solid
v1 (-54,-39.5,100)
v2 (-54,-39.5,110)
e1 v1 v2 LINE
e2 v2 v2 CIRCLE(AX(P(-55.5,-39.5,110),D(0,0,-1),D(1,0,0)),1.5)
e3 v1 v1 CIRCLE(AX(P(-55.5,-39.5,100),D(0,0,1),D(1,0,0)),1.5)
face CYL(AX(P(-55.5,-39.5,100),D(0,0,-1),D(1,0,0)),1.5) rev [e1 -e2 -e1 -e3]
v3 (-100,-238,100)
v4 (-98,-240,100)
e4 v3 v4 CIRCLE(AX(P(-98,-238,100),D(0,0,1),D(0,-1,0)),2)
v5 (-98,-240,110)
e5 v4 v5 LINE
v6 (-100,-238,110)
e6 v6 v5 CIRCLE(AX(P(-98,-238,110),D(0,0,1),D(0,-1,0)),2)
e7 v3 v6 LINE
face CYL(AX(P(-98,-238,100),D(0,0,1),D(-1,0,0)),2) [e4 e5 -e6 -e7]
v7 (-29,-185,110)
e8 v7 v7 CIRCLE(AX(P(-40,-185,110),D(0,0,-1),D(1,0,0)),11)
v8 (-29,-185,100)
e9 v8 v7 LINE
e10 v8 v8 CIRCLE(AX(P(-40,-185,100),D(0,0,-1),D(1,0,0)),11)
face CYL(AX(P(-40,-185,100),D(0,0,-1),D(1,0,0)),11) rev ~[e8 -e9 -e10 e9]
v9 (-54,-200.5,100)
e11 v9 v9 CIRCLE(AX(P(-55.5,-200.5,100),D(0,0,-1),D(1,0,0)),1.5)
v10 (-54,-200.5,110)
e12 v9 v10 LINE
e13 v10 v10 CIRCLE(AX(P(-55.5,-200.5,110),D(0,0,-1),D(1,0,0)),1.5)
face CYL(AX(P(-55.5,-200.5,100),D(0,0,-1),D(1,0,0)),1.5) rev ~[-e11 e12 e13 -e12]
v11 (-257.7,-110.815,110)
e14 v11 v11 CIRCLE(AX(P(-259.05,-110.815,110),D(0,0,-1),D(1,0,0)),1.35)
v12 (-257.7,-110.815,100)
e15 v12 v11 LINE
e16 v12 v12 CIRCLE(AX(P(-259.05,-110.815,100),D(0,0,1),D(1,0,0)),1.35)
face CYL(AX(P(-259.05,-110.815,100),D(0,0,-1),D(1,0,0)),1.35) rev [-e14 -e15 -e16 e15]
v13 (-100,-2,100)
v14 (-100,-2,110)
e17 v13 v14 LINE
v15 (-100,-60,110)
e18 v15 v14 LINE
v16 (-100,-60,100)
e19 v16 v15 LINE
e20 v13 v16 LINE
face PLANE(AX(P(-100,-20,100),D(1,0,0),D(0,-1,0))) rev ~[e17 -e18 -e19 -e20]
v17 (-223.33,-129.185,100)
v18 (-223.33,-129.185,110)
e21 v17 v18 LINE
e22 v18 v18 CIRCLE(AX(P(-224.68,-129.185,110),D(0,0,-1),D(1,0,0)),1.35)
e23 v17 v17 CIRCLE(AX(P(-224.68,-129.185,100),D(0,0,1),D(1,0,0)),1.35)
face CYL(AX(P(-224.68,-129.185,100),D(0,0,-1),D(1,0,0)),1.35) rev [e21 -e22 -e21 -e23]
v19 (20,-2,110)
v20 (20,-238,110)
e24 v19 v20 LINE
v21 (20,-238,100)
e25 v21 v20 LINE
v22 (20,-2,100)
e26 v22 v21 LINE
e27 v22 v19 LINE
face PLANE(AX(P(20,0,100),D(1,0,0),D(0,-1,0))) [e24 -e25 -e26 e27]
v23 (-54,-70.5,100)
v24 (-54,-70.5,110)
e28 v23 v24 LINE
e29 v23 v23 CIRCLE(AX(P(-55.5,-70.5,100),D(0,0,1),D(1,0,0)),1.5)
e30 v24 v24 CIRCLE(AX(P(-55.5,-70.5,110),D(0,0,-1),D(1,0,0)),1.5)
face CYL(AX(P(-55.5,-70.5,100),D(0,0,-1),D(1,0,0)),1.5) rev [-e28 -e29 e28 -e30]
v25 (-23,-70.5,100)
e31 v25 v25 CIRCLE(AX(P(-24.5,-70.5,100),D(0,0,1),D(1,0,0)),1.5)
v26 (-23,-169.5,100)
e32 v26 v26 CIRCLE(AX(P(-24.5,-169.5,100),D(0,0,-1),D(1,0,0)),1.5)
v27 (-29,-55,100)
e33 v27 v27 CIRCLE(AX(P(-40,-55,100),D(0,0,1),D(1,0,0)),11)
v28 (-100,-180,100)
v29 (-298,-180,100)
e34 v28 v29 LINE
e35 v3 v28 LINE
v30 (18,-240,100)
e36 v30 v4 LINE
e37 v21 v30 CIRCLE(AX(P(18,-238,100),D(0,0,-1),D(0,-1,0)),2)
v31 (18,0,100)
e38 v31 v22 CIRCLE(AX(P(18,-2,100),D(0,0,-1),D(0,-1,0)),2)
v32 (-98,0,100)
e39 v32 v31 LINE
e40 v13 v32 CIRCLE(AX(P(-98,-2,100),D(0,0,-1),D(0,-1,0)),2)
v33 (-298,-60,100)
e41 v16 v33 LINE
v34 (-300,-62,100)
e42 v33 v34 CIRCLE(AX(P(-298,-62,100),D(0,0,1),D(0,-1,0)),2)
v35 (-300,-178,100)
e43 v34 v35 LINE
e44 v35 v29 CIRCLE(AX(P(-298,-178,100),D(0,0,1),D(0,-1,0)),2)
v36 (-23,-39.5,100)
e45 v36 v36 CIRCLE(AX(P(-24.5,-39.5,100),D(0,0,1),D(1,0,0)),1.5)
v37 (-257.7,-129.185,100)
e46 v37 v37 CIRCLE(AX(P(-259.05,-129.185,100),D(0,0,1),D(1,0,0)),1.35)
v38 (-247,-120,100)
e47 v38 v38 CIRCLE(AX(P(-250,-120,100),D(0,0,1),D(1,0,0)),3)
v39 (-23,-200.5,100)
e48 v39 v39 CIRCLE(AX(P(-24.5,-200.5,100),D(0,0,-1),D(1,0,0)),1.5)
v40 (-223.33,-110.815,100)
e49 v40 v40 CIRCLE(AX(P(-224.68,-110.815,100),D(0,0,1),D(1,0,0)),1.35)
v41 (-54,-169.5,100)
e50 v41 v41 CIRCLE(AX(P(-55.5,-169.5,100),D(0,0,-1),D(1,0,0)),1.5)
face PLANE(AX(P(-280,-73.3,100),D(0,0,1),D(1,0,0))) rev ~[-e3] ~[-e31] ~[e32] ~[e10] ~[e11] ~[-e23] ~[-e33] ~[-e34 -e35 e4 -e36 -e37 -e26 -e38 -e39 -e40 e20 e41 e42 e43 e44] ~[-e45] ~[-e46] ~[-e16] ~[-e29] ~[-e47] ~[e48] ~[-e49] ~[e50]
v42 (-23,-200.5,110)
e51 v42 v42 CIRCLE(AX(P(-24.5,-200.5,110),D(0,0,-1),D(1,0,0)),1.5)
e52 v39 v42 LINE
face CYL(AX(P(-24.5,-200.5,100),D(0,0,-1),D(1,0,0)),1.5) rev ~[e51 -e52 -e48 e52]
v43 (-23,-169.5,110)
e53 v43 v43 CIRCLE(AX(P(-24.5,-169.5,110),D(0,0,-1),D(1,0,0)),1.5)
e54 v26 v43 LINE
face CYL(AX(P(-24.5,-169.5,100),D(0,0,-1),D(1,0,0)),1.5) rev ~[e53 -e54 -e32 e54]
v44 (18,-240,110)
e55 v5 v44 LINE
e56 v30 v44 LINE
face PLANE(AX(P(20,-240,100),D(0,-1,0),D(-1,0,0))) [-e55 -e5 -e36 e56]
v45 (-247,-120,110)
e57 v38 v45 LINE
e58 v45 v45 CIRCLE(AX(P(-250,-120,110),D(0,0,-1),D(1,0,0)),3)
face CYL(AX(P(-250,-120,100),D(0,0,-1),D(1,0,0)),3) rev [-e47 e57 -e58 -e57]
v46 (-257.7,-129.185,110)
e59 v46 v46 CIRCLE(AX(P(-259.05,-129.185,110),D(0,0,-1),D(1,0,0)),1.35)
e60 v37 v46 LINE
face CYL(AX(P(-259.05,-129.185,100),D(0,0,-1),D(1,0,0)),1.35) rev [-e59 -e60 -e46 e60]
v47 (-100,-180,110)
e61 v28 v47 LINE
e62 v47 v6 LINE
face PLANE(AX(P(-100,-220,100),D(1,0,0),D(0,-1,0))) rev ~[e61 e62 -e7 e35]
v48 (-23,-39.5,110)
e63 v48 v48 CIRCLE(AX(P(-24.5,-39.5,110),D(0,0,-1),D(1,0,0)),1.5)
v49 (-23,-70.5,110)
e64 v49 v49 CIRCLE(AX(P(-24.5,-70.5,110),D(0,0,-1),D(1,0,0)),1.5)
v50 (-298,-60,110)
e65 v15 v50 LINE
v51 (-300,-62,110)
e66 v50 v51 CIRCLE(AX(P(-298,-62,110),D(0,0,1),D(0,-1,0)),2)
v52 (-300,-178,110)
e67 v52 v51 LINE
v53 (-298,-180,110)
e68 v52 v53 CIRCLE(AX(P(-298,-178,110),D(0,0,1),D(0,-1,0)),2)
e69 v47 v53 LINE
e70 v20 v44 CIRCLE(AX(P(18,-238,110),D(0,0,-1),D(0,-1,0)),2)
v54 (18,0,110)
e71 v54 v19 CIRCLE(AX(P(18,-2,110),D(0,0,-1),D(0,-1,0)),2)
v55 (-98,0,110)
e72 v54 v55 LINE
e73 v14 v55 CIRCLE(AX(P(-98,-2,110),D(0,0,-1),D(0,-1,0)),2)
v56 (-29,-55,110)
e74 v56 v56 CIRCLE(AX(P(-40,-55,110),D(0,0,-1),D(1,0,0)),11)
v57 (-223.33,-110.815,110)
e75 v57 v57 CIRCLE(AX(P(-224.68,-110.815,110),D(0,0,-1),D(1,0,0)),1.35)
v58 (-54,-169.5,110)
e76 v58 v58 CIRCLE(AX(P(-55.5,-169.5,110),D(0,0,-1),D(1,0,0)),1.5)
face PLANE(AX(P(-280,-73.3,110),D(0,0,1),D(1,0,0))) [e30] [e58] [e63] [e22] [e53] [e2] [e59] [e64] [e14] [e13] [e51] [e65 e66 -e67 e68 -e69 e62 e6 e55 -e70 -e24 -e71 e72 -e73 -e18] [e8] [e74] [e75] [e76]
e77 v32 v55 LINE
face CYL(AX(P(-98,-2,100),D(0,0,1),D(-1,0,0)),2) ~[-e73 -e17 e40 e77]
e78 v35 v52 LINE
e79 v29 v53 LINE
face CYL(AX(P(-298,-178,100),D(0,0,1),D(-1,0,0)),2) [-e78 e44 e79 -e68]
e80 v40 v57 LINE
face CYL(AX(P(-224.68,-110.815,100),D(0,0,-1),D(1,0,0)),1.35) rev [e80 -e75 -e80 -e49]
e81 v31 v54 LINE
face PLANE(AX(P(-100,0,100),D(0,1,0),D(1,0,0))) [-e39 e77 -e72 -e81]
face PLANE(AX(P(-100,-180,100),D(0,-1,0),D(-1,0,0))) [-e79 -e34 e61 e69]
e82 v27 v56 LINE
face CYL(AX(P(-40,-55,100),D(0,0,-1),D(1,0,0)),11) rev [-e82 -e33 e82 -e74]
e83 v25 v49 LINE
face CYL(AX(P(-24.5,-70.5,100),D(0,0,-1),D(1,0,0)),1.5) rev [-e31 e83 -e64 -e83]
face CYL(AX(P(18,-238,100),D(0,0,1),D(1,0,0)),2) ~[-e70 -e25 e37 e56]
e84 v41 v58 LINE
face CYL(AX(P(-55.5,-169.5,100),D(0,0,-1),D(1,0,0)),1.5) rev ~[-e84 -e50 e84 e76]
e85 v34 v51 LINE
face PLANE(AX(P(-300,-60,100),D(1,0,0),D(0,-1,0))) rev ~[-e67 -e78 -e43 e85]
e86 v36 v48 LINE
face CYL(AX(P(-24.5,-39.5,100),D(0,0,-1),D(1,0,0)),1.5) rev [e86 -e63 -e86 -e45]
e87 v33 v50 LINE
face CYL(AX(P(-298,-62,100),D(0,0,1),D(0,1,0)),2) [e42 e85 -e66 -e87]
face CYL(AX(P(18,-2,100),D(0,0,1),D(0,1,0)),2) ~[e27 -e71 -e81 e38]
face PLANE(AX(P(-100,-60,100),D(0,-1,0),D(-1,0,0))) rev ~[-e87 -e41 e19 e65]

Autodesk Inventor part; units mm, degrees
sketch "Basis" plane through (0, 0, 0) normal (0, 0, 1) x (1, 0, 0)
  line L0 (0, 150) -> (0, -150)
  line L1 (-79.5351, 0) -> (153.2558, 0) projected
  line L2 (0, -282) -> (0, 222) projected
  line L3 (30, -50) -> (30, -210)
  line L4 (0, -200) -> (20, -200)
  line L5 (0, -40) -> (120, -40)
  line L6 (0, 40) -> (120, 40)
  line L7 (110, -30) -> (110, 30)
  point P0 (0, 0)
  point P1 (110, 0)
  dimension "d32" = 300
  dimension "d38" = 80
  dimension "d39" = 10
  dimension "d40" = 10
  dimension "d41" = 10
  dimension "d43" = 240
  dimension "d44" = 240
  dimension "d45" = 60
  dimension "d46" = 10
  dimension "d47" = 10
  dimension "d48" = 160
  dimension "d49" = 10
ref_plane "Arbeitsebene7" through (120, 40, 0) normal (0, 1, 0) x (-1, 0, 0)
sketch "Skizze12" plane through (120, 40, 0) normal (0, 1, 0) x (-1, 0, 0)
  line L0 (10, -10) -> (10, -80)
  line L1 (20, -70) -> (120, -70)
  line L2 (120, -100.8) -> (120, 16.8) projected
  point P0 (120, 0)
  point P1 (10, 0)
  point P2 (10, 0)
  point P3 (10, 0)
  dimension "d50" = 70
  dimension "d51" = 10
  dimension "d80" = 10
  dimension "d81" = 10
ref_plane "Arbeitsebene8" through (120, -40, 0) normal (0, 1, 0) x (-1, 0, 0)
sketch "Skizze13" plane through (120, -40, 0) normal (0, 1, 0) x (-1, 0, 0)
  line L0 (10, -10) -> (10, -80) projected
  line L1 (10, -10) -> (10, -80)
  line L2 (20, -70) -> (120, -70)
  line L3 (120, -100.8) -> (120, 16.8) projected
  point P0 (120, 0)
  dimension "d82" = 10
  dimension "d83" = 10
ref_plane "Arbeitsebene9" through (20, -200, 0) normal (0, -1, 0) x (1, 0, 0)
sketch "Skizze14" plane through (20, -200, 0) normal (0, -1, 0) x (1, 0, 0)
  line L0 (10, -10) -> (10, -50)
  point P0 (-20, 0)
  point P1 (10, 0)
  point P2 (10, 0)
  point P3 (10, 0)
  dimension "d52" = 40
  dimension "d53" = 10
ref_plane "Arbeitsebene10" through (20, -140, 0) normal (0, -1, 0) x (1, 0, 0)
sketch "Skizze15" plane through (20, -140, 0) normal (0, -1, 0) x (1, 0, 0)
  line L0 (10, -10) -> (10, -50) projected
  line L1 (10, -10) -> (10, -50)
  point P0 (-20, 0)
ref_plane "Arbeitsebene12" through (110, 40, -80) normal (1, 0, 0) x (0, 1, 0)
sketch "Skizze16" plane through (110, 40, -80) normal (1, 0, 0) x (0, 1, 0)
  line L0 (-90, 0) -> (10, 0)
  line L1 (10, 0) -> (10, -4)
  line L2 (10, -4) -> (-90, -4)
  line L3 (-90, -4) -> (-90, 0)
  line L4 (-70, 10) -> (-10, 10)
  line L5 (0, 70) -> (0, 0) projected
  line L6 (-80, 70) -> (-80, 0) projected
  point P0 (-40, 80)
  dimension "d66" = 4
  dimension "d67" = 10
  dimension "d68" = 10
  dimension "d77" = 10
  dimension "d78" = 10
  dimension "d79" = 10
ref_plane "Arbeitsebene17" through (110, -50, -84) normal (0, 0, 1) x (1, 0, 0)
sketch "Skizze18" plane through (110, -50, -84) normal (0, 0, 1) x (1, 0, 0)
  line L0 (-110, -232) -> (-110, 272) projected
  line L1 (-189.5351, 50) -> (43.2558, 50) projected
  line L2 (-19.5, 65.5) -> (-50.5, 65.5) construction
  line L3 (-50.5, 65.5) -> (-50.5, 34.5) construction
  line L4 (-19.5, 65.5) -> (-19.5, 34.5) construction
  line L5 (-19.5, 34.5) -> (-50.5, 34.5) construction
  point P0 (-110, 50)
  point P1 (-35, 50)
  dimension "d69" = 75
  dimension "d70" = 15.5
  dimension "d71" = 15.5
  dimension "d72" = 31
  dimension "d73" = 31
ref_plane "Arbeitsebene18" through (30, -140, -50) normal (1, 0, 0) x (0, 1, 0)
sketch "Skizze19" plane through (30, -140, -50) normal (1, 0, 0) x (0, 1, 0)
  line L0 (10, -4) -> (-70, -4)
  line L1 (-70, -4) -> (-70, 0)
  line L2 (-70, 0) -> (10, 0)
  line L3 (10, 0) -> (10, -4)
  line L4 (-50, 10) -> (-10, 10)
  point P0 (140, 50)
  point P1 (-60, 0)
  point P2 (0, 0)
  dimension "d74" = 4
  dimension "d75" = 10
  dimension "d76" = 10
  dimension "d84" = 10
  dimension "d85" = 10
  dimension "d86" = 10
ref_plane "Arbeitsebene19" through (30, -210, -54) normal (0, 0, 1) x (1, 0, 0)
ref_plane "Arbeitsebene20" through (20, 2.5, 100) normal (0, 0, -1) x (-1, 0, 0)
sketch "Skizze 1" plane through (-280, -73.3, 100) normal (0, 0, 1) x (1, 0, 0)
  line L0 (-20, 13.3) -> (-20, 11.3) projected
  line L1 (180, 13.3) -> (-20, 13.3) projected
  line L2 (180, -106.7) -> (-20, -106.7) projected
  line L3 (-20, -104.7) -> (-20, -106.7) projected
  line L4 (180, 53.3) -> (180, -146.7) projected
  line L5 (180, 73.3) -> (180, -166.7) projected
  line L6 (300, 73.3) -> (300, -166.7) projected
  line L7 (180, 73.3) -> (182, 73.3) projected
  line L8 (298, 73.3) -> (300, 73.3) projected
  line L9 (300, -166.7) -> (298, -166.7) projected
  line L10 (182, -166.7) -> (180, -166.7) projected
  line L11 (-20, -106.7) -> (-20, 13.3) projected
  line L12 (180, 13.3) -> (-20, 13.3) projected
  line L13 (180, 13.3) -> (180, 73.3) projected
  line L14 (180, 73.3) -> (300, 73.3) projected
  line L15 (300, -166.7) -> (300, 73.3) projected
  line L16 (300, -166.7) -> (180, -166.7) projected
  line L17 (180, -166.7) -> (180, -106.7) projected
  line L18 (180, -106.7) -> (-20, -106.7) projected
extrude "Extrusion3" add sketch "Skizze 1" along normal blind 10
sketch "Skizze23" plane through (20, -242.5, 0) normal (1, 0, 0) x (0, 0, -1)
  line L0 (0, 245) -> (0, 0) projected
  line L1 (-100, 245) -> (0, 245) projected
  line L2 (0, 0) -> (-100, 0)
  line L3 (-100, 0) -> (-100, 245)
  line L4 (-100, 245) -> (0, 245)
  line L5 (0, 245) -> (0, 0)
  point P0 (0, 242.5)
extrude "Extrusion4" cut sketch "Skizze23" against normal through all
sketch "Skizze20" plane through (30, -210, 100) normal (0, 0, 1) x (1, 0, 0)
  line L0 (0, 80) -> (0, 0) projected
  line L1 (-217.5819, 99.185) -> (-324.0785, 99.185) construction
  line L2 (-223.1225, 80.815) -> (-333.4519, 80.815) construction
  line L3 (-289.05, 125.855) -> (-289.05, 54.145) construction
  line L4 (-254.68, 148.5562) -> (-254.68, 51.145) construction
  line L5 (-44.2587, 170.5) -> (-93.3542, 170.5) construction
  line L6 (-85.5, 183.5563) -> (-85.5, 134.1968) construction
  line L7 (-97.1508, 139.5) -> (-51.7506, 139.5) construction
  line L8 (-54.5, 132.7748) -> (-54.5, 177.4853) construction
  line L9 (-327.4713, 90) -> (-3.4708, 90) construction
  line L10 (-70, 254.6178) -> (-70, -44.1957) construction
  line L11 (-130, 210) -> (-10, 210) construction
  line L12 (-330, 30) -> (-330, 150) construction
  circle A0 centre (-289.05, 99.185) radius 1.35
  circle A1 centre (-254.68, 99.185) radius 1.35
  circle A2 centre (-254.68, 80.815) radius 1.35
  circle A3 centre (-289.05, 80.815) radius 1.35
  circle A4 centre (-280, 90) radius 3
  circle A5 centre (-85.5, 170.5) radius 1.5
  circle A6 centre (-85.5, 139.5) radius 1.5
  circle A7 centre (-54.5, 139.5) radius 1.5
  circle A8 centre (-54.5, 170.5) radius 1.5
  circle A9 centre (-70, 155) radius 11
  point P0 (-30, 210)
  point P1 (-70, 210)
  point P2 (-330, 90)
  point P3 (-289.05, 90)
  dimension "d102" = 2.7
  dimension "d103" = 2.7
  dimension "d104" = 2.7
  dimension "d105" = 2.7
  dimension "d106" = 6
  dimension "d107" = 9.05
  dimension "d108" = 9.185
  dimension "d109" = 18.37
  dimension "d111" = 34.37
  dimension "d112" = 50
  dimension "d113" = 31
  dimension "d114" = 31
  dimension "d115" = 15.5
  dimension "d116" = 15.5
  dimension "d117" = 55
  dimension "d118" = 3
  dimension "d119" = 3
  dimension "d120" = 3
  dimension "d121" = 3
  dimension "d122" = 22
extrude "Extrusion5" cut sketch "Skizze20" along normal through all
ref_plane "Arbeitsebene21" through (-297.4713, -120, 100) normal (0, 1, 0) x (1, 0, 0)
mirror "Spiegeln1" about plane through (-297.4713, -120, 100) normal (0, 1, 0) of "Extrusion5"
fillet "Rundung1" radius 2 6 edges at (20, -240, 105) (20, 0, 105) (-100, 0, 105) (-300, -60, 105) (-300, -180, 105) (-100, -240, 105)
equation "\"d38\" = Bas_Haupt_Breite"
equation "\"d39\" = 0.5 * Alu_Prof"
equation "\"d40\" = d39"
equation "\"d41\" = d39"
equation "\"d43\" = Bas_Haupt_Länge + Alu_Prof"
equation "\"d44\" = d43"
equation "\"d45\" = Bas_Ver_Breite"
equation "\"d46\" = d39"
equation "\"d47\" = d39"
equation "\"d48\" = Bas_Ver_Länge"
equation "\"d49\" = d39"
equation "\"d50\" = Bas_Haupt_Höhe - 0.5 * Alu_Prof"
equation "\"d51\" = d39"
equation "\"d80\" = d51"
equation "\"d81\" = d51"
equation "\"d82\" = d81"
equation "\"d83\" = d81"
equation "\"d52\" = GM_Halt_Höhe - 0.5 * Alu_Prof"
equation "\"d53\" = d39"
equation "\"d66\" = Bas_Haupt_Plat_Höhe"
equation "\"d67\" = 0.5 * Alu_Prof"
equation "\"d68\" = d67"
equation "\"d77\" = d68"
equation "\"d78\" = d68"
equation "\"d79\" = d68"
equation "\"d69\" = 0.5 * SM_Pos_Abstand"
equation "\"d70\" = 0.5 * SM_Schrauben_Pos_Abstand"
equation "\"d71\" = d70"
equation "\"d72\" = SM_Schrauben_Pos_Abstand"
equation "\"d73\" = SM_Schrauben_Pos_Abstand"
equation "\"d74\" = GM_Platte_Höhe"
equation "\"d75\" = 0.5 * Alu_Prof"
equation "\"d76\" = d75"
equation "\"d84\" = d76"
equation "\"d85\" = d76"
equation "\"d86\" = d76"
equation "\"Zet_Kluppen_Höhe\" = 7"
equation "\"Zet_KluppenDicke\" = 1"
equation "\"Zet_Höhe\" = 5"
equation "\"Zet_Kluppen_Breite\" = 10"
equation "\"St_kurz_Breite\" = 10"
equation "\"Zet_Breite\" = 210"
equation "\"Gel_Mot_St_Breite\" = 10"
equation "\"Gel_Mot_St_2\" = 35"
equation "\"St_kurz_Höhe\" = 7.5"
equation "\"Gel_Mot_St_Höhe\" = 5"
equation "\"St_kurz_Länge\" = 140"
equation "\"St_lang_Länge\" = 180"
equation "\"Bas_Ver_Breite\" = 60"
equation "\"Bas_Ver_Länge\" = 160"
equation "\"Gel_Mot_St_1\" = 35"
equation "\"SM_Pos_Abstand\" = 150"
equation "\"GM_Halt_Höhe\" = 50"
equation "\"Bas_Haupt_Höhe\" = 80"
equation "\"Bas_Haupt_Breite\" = 80"
equation "\"Bas_Haupt_Länge\" = 220"
equation "\"Druck_teil_Höhe\" = 7.5"
equation "\"Druck_teil_Durchmesser\" = 50"
equation "\"Alu_Prof\" = 20"
equation "\"Bas_Haupt_Plat_Höhe\" = 4"
equation "\"SM_Scheibe_Durchmesser\" = 22"
equation "\"SM_Schrauben_Pos_Abstand\" = 31"
equation "\"GM_Platte_Höhe\" = 4"
equation "\"Rundung_Platte\" = 2"
equation "\"GM_Schrauben_Pos_Abstand_lang\" = 34.37"
equation "\"GM_Stift_Durchmesser\" = 6"
equation "\"GM_Schrauben_Pos_Abstand_kurz\" = 18.37"
equation "\"GM_Schrauben_Durchgangsloch\" = 2.7"
equation "\"GM_Schrauben_Pos_Stift_rlang\" = 9.05"
equation "\"GM_Schrauben_Pos_Stift_rkurz\" = 9.185"
properties part number "BT000_trajan20_21"
